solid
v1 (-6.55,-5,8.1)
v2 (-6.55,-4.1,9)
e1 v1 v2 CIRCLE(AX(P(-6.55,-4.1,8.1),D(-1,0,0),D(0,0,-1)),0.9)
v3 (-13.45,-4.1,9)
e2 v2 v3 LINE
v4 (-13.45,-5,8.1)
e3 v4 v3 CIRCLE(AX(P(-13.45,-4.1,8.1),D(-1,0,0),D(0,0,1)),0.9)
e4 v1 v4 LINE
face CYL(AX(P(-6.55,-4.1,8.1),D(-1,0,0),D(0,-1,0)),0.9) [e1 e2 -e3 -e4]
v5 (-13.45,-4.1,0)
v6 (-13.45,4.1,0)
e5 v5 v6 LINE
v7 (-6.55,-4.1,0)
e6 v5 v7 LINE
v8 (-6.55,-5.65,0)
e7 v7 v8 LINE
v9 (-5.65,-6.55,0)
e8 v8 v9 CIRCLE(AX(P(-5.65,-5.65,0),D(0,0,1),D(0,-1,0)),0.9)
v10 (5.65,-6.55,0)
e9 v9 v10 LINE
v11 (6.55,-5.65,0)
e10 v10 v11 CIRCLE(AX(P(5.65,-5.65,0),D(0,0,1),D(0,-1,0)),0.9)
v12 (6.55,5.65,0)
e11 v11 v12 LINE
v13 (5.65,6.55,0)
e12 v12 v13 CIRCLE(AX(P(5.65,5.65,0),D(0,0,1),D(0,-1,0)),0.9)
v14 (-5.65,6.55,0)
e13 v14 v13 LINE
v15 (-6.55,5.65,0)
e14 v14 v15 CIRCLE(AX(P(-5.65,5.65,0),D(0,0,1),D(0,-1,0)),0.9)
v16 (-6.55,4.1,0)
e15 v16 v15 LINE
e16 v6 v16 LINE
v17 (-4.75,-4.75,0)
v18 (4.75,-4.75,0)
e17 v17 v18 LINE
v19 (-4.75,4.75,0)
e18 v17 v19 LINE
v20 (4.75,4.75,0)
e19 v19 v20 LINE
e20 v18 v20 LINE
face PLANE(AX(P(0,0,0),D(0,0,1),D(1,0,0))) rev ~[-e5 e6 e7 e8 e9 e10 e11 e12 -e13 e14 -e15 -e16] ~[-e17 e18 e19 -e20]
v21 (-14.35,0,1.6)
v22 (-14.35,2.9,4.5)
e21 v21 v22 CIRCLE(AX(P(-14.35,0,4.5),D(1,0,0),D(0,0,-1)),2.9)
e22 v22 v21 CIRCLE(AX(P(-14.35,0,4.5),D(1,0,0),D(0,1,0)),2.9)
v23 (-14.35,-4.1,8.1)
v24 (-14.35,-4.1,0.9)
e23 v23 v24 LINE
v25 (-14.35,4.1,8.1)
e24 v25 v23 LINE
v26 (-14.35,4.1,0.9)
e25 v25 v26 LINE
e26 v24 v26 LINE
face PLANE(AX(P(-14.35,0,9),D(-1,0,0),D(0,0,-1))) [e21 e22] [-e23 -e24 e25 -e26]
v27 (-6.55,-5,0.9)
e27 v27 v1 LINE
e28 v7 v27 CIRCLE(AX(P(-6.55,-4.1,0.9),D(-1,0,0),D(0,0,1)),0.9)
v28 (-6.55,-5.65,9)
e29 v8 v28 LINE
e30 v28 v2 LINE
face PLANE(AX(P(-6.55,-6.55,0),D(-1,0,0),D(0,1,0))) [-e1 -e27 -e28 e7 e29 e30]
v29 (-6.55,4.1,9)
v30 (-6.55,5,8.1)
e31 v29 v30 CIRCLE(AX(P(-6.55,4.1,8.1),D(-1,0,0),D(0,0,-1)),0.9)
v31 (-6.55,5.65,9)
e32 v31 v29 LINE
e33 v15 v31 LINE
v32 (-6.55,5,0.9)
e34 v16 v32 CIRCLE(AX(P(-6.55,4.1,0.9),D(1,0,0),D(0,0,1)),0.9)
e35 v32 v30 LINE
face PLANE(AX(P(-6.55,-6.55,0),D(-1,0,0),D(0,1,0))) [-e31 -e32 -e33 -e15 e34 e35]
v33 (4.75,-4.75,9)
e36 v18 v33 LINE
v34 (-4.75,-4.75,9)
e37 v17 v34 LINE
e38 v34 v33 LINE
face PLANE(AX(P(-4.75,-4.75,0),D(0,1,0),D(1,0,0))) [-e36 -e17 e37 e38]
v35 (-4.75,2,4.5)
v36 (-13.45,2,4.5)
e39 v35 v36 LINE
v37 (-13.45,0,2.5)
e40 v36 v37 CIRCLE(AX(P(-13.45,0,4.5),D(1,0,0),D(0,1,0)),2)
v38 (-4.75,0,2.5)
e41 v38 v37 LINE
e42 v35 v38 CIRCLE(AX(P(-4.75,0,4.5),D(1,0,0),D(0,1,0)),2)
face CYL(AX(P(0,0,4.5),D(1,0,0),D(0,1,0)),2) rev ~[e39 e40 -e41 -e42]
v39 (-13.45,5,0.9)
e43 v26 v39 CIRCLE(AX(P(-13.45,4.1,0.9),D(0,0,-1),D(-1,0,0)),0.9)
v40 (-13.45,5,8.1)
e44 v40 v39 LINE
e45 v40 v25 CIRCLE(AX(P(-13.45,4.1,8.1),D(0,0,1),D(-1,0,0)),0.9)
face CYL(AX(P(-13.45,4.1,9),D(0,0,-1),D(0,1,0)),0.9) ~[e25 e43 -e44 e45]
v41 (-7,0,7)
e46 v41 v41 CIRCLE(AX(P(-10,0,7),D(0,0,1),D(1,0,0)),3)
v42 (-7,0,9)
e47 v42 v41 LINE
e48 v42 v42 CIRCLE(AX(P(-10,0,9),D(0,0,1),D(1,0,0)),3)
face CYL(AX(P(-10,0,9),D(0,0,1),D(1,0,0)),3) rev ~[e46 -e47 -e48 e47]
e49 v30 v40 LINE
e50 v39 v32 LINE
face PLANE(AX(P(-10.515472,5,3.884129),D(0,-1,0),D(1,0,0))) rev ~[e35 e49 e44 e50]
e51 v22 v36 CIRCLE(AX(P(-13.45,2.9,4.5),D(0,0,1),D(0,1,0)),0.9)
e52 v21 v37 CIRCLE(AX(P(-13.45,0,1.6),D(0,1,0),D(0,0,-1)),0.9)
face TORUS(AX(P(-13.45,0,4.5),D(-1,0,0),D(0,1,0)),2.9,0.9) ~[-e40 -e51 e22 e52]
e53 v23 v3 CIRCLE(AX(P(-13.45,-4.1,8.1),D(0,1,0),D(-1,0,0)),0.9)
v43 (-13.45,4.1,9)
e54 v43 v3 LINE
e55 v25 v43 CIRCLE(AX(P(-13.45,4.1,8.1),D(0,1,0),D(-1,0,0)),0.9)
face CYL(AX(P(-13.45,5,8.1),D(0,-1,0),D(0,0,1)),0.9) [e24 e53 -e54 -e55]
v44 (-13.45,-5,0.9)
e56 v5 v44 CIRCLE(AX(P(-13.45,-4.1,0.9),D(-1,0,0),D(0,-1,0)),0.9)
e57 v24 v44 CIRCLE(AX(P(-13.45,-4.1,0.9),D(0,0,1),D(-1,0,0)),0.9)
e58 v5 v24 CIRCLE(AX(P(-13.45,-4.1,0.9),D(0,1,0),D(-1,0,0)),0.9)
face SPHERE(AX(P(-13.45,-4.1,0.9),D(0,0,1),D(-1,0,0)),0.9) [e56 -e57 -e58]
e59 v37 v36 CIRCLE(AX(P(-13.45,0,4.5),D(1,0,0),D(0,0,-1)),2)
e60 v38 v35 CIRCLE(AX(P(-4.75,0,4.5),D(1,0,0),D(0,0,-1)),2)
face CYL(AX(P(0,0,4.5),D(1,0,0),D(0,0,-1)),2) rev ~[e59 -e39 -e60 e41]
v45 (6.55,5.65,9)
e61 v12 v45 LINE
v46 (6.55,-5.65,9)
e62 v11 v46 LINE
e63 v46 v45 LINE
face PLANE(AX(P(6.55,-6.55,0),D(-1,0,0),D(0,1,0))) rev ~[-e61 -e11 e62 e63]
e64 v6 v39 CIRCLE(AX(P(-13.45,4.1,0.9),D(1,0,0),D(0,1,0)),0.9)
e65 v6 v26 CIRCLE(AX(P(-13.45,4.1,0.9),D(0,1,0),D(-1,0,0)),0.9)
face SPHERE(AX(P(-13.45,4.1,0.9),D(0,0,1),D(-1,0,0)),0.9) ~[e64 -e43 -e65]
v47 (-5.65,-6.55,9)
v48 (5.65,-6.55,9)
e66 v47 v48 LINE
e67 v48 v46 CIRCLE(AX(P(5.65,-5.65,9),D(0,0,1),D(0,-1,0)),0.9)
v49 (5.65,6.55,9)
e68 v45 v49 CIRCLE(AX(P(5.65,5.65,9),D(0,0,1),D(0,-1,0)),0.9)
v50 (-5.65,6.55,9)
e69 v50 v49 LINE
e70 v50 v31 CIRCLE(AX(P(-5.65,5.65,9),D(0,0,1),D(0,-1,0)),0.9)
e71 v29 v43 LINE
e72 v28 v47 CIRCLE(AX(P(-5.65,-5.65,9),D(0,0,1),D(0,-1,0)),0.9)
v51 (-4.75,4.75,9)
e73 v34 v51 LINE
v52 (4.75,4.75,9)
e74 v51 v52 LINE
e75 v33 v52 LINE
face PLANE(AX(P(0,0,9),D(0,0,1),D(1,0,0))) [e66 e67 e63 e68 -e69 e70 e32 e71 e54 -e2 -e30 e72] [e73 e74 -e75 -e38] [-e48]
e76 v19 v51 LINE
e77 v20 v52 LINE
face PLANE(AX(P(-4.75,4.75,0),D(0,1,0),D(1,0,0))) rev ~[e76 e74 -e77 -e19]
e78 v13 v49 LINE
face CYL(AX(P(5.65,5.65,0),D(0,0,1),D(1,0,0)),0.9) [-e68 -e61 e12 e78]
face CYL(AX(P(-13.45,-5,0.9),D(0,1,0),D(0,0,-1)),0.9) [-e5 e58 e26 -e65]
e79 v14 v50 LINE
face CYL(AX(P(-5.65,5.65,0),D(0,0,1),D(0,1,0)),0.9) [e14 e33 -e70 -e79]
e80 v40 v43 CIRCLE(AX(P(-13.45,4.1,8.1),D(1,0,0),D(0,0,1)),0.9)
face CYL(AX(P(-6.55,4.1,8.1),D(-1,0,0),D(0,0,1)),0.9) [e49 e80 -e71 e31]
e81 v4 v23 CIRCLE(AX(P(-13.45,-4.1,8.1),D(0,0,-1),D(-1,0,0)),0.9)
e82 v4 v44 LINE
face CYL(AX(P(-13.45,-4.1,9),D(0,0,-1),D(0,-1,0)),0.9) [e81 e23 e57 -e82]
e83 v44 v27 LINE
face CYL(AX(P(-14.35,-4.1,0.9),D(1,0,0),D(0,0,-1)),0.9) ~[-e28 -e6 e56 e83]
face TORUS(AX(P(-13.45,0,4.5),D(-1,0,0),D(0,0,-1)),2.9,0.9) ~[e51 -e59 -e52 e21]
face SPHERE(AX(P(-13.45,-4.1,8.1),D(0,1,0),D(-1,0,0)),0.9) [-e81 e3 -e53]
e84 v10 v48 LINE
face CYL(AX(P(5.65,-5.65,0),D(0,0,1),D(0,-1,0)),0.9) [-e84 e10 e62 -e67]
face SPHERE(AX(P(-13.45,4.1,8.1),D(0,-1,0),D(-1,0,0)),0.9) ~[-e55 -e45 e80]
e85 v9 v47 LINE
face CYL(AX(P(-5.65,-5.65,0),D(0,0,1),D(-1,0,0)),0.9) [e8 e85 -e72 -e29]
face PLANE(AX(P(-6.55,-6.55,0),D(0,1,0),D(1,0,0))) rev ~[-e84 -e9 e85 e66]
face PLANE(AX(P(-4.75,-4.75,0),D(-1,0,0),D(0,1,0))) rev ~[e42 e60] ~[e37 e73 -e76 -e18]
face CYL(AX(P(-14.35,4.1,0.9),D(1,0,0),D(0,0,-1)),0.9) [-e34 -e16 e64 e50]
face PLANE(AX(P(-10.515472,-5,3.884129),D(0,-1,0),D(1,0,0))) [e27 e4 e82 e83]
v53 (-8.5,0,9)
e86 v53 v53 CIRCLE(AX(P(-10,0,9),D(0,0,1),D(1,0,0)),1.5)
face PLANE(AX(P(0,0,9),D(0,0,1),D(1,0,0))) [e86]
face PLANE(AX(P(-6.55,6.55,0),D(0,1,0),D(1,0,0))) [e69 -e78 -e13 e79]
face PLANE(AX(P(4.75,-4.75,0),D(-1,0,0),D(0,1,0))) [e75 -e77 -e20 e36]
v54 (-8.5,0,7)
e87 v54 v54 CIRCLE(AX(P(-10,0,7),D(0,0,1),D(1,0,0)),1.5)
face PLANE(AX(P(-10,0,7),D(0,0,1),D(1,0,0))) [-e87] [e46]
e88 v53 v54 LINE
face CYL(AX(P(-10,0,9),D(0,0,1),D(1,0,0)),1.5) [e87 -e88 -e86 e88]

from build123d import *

# Parameters (mm, degrees)
F0_W     = 13.1
F0_H     = 13.1
F0_W_2   = 9.5
F0_H_2   = 9.5
F1_DEPTH = 9
F3_DEPTH = 5
F5_R     = 3
F5_R_2   = 1.5
F6_DEPTH = 2
F8_DEPTH = 25
F9_R     = 0.9


with BuildPart() as f1:
    # F0 (on Top) → F1 (new body)
    with BuildSketch(Plane.XY):
        Rectangle(F0_W, F0_H)
        Rectangle(F0_W_2, F0_H_2, mode=Mode.SUBTRACT)
    extrude(amount=F1_DEPTH)

    # F2 (on Front) → F3 (join, symmetric)
    with BuildSketch(Plane.XZ):
        Polygon((-6.55, 0), (-6.55, 4.5), (-9.55, 4.5), (-9.55, 6.775), (-11.05, 6.775), (-11.05, 4.5), (-12.85, 4.5), (-12.85, 6.775), (-14.35, 6.775), (-14.35, 2.975), align=None)
        Polygon((-9.55, 4.5), (-6.55, 4.5), (-6.55, 9), (-14.35, 9), (-14.35, 6.775), (-12.85, 6.775), (-12.85, 4.5), (-11.05, 4.5), (-11.05, 6.775), (-9.55, 6.775), align=None)
        Polygon((-14.35, 0), (-6.55, 0), (-14.35, 2.975), align=None)
    extrude(amount=F3_DEPTH, both=True)

    # F5 (on offset) → F6 (cut)
    with BuildSketch(Plane.XY.offset(9)):
        with Locations((-10, 0)):
            Circle(F5_R)
        with Locations((-10, 0)):
            Circle(F5_R_2, mode=Mode.SUBTRACT)
    extrude(amount=-F6_DEPTH, mode=Mode.SUBTRACT)

    # F7 (on Right) → F8 (cut)
    with BuildSketch(Plane.YZ):
        with BuildLine():
            ThreePointArc((0, 2.5), (1.4142135624, 3.0857864376), (2, 4.5))
            ThreePointArc((2, 4.5), (-1.4142135624, 5.9142135624), (0, 2.5))
        make_face()
    extrude(amount=-F8_DEPTH, mode=Mode.SUBTRACT)

    # F9
    f9_edges = [f1.edges().sort_by_distance(p)[0] for p in [
        (-14.35, 0, 9),
        (-14.35, 5, 4.5),
        (-14.35, -5, 4.5),
        (-14.35, 0, 0),
        (-14.35, 0, 6.5),
        (-6.55, 6.55, 4.5),
        (6.55, 6.55, 4.5),
        (-6.55, -6.55, 4.5),
        (-10.45, 5, 9),
        (-10.45, 5, 0),
        (6.55, -6.55, 4.5),
        (-10.45, -5, 0),
        (-10.45, -5, 9),
    ]]
    fillet(f9_edges, radius=F9_R)


solid = f1.part
